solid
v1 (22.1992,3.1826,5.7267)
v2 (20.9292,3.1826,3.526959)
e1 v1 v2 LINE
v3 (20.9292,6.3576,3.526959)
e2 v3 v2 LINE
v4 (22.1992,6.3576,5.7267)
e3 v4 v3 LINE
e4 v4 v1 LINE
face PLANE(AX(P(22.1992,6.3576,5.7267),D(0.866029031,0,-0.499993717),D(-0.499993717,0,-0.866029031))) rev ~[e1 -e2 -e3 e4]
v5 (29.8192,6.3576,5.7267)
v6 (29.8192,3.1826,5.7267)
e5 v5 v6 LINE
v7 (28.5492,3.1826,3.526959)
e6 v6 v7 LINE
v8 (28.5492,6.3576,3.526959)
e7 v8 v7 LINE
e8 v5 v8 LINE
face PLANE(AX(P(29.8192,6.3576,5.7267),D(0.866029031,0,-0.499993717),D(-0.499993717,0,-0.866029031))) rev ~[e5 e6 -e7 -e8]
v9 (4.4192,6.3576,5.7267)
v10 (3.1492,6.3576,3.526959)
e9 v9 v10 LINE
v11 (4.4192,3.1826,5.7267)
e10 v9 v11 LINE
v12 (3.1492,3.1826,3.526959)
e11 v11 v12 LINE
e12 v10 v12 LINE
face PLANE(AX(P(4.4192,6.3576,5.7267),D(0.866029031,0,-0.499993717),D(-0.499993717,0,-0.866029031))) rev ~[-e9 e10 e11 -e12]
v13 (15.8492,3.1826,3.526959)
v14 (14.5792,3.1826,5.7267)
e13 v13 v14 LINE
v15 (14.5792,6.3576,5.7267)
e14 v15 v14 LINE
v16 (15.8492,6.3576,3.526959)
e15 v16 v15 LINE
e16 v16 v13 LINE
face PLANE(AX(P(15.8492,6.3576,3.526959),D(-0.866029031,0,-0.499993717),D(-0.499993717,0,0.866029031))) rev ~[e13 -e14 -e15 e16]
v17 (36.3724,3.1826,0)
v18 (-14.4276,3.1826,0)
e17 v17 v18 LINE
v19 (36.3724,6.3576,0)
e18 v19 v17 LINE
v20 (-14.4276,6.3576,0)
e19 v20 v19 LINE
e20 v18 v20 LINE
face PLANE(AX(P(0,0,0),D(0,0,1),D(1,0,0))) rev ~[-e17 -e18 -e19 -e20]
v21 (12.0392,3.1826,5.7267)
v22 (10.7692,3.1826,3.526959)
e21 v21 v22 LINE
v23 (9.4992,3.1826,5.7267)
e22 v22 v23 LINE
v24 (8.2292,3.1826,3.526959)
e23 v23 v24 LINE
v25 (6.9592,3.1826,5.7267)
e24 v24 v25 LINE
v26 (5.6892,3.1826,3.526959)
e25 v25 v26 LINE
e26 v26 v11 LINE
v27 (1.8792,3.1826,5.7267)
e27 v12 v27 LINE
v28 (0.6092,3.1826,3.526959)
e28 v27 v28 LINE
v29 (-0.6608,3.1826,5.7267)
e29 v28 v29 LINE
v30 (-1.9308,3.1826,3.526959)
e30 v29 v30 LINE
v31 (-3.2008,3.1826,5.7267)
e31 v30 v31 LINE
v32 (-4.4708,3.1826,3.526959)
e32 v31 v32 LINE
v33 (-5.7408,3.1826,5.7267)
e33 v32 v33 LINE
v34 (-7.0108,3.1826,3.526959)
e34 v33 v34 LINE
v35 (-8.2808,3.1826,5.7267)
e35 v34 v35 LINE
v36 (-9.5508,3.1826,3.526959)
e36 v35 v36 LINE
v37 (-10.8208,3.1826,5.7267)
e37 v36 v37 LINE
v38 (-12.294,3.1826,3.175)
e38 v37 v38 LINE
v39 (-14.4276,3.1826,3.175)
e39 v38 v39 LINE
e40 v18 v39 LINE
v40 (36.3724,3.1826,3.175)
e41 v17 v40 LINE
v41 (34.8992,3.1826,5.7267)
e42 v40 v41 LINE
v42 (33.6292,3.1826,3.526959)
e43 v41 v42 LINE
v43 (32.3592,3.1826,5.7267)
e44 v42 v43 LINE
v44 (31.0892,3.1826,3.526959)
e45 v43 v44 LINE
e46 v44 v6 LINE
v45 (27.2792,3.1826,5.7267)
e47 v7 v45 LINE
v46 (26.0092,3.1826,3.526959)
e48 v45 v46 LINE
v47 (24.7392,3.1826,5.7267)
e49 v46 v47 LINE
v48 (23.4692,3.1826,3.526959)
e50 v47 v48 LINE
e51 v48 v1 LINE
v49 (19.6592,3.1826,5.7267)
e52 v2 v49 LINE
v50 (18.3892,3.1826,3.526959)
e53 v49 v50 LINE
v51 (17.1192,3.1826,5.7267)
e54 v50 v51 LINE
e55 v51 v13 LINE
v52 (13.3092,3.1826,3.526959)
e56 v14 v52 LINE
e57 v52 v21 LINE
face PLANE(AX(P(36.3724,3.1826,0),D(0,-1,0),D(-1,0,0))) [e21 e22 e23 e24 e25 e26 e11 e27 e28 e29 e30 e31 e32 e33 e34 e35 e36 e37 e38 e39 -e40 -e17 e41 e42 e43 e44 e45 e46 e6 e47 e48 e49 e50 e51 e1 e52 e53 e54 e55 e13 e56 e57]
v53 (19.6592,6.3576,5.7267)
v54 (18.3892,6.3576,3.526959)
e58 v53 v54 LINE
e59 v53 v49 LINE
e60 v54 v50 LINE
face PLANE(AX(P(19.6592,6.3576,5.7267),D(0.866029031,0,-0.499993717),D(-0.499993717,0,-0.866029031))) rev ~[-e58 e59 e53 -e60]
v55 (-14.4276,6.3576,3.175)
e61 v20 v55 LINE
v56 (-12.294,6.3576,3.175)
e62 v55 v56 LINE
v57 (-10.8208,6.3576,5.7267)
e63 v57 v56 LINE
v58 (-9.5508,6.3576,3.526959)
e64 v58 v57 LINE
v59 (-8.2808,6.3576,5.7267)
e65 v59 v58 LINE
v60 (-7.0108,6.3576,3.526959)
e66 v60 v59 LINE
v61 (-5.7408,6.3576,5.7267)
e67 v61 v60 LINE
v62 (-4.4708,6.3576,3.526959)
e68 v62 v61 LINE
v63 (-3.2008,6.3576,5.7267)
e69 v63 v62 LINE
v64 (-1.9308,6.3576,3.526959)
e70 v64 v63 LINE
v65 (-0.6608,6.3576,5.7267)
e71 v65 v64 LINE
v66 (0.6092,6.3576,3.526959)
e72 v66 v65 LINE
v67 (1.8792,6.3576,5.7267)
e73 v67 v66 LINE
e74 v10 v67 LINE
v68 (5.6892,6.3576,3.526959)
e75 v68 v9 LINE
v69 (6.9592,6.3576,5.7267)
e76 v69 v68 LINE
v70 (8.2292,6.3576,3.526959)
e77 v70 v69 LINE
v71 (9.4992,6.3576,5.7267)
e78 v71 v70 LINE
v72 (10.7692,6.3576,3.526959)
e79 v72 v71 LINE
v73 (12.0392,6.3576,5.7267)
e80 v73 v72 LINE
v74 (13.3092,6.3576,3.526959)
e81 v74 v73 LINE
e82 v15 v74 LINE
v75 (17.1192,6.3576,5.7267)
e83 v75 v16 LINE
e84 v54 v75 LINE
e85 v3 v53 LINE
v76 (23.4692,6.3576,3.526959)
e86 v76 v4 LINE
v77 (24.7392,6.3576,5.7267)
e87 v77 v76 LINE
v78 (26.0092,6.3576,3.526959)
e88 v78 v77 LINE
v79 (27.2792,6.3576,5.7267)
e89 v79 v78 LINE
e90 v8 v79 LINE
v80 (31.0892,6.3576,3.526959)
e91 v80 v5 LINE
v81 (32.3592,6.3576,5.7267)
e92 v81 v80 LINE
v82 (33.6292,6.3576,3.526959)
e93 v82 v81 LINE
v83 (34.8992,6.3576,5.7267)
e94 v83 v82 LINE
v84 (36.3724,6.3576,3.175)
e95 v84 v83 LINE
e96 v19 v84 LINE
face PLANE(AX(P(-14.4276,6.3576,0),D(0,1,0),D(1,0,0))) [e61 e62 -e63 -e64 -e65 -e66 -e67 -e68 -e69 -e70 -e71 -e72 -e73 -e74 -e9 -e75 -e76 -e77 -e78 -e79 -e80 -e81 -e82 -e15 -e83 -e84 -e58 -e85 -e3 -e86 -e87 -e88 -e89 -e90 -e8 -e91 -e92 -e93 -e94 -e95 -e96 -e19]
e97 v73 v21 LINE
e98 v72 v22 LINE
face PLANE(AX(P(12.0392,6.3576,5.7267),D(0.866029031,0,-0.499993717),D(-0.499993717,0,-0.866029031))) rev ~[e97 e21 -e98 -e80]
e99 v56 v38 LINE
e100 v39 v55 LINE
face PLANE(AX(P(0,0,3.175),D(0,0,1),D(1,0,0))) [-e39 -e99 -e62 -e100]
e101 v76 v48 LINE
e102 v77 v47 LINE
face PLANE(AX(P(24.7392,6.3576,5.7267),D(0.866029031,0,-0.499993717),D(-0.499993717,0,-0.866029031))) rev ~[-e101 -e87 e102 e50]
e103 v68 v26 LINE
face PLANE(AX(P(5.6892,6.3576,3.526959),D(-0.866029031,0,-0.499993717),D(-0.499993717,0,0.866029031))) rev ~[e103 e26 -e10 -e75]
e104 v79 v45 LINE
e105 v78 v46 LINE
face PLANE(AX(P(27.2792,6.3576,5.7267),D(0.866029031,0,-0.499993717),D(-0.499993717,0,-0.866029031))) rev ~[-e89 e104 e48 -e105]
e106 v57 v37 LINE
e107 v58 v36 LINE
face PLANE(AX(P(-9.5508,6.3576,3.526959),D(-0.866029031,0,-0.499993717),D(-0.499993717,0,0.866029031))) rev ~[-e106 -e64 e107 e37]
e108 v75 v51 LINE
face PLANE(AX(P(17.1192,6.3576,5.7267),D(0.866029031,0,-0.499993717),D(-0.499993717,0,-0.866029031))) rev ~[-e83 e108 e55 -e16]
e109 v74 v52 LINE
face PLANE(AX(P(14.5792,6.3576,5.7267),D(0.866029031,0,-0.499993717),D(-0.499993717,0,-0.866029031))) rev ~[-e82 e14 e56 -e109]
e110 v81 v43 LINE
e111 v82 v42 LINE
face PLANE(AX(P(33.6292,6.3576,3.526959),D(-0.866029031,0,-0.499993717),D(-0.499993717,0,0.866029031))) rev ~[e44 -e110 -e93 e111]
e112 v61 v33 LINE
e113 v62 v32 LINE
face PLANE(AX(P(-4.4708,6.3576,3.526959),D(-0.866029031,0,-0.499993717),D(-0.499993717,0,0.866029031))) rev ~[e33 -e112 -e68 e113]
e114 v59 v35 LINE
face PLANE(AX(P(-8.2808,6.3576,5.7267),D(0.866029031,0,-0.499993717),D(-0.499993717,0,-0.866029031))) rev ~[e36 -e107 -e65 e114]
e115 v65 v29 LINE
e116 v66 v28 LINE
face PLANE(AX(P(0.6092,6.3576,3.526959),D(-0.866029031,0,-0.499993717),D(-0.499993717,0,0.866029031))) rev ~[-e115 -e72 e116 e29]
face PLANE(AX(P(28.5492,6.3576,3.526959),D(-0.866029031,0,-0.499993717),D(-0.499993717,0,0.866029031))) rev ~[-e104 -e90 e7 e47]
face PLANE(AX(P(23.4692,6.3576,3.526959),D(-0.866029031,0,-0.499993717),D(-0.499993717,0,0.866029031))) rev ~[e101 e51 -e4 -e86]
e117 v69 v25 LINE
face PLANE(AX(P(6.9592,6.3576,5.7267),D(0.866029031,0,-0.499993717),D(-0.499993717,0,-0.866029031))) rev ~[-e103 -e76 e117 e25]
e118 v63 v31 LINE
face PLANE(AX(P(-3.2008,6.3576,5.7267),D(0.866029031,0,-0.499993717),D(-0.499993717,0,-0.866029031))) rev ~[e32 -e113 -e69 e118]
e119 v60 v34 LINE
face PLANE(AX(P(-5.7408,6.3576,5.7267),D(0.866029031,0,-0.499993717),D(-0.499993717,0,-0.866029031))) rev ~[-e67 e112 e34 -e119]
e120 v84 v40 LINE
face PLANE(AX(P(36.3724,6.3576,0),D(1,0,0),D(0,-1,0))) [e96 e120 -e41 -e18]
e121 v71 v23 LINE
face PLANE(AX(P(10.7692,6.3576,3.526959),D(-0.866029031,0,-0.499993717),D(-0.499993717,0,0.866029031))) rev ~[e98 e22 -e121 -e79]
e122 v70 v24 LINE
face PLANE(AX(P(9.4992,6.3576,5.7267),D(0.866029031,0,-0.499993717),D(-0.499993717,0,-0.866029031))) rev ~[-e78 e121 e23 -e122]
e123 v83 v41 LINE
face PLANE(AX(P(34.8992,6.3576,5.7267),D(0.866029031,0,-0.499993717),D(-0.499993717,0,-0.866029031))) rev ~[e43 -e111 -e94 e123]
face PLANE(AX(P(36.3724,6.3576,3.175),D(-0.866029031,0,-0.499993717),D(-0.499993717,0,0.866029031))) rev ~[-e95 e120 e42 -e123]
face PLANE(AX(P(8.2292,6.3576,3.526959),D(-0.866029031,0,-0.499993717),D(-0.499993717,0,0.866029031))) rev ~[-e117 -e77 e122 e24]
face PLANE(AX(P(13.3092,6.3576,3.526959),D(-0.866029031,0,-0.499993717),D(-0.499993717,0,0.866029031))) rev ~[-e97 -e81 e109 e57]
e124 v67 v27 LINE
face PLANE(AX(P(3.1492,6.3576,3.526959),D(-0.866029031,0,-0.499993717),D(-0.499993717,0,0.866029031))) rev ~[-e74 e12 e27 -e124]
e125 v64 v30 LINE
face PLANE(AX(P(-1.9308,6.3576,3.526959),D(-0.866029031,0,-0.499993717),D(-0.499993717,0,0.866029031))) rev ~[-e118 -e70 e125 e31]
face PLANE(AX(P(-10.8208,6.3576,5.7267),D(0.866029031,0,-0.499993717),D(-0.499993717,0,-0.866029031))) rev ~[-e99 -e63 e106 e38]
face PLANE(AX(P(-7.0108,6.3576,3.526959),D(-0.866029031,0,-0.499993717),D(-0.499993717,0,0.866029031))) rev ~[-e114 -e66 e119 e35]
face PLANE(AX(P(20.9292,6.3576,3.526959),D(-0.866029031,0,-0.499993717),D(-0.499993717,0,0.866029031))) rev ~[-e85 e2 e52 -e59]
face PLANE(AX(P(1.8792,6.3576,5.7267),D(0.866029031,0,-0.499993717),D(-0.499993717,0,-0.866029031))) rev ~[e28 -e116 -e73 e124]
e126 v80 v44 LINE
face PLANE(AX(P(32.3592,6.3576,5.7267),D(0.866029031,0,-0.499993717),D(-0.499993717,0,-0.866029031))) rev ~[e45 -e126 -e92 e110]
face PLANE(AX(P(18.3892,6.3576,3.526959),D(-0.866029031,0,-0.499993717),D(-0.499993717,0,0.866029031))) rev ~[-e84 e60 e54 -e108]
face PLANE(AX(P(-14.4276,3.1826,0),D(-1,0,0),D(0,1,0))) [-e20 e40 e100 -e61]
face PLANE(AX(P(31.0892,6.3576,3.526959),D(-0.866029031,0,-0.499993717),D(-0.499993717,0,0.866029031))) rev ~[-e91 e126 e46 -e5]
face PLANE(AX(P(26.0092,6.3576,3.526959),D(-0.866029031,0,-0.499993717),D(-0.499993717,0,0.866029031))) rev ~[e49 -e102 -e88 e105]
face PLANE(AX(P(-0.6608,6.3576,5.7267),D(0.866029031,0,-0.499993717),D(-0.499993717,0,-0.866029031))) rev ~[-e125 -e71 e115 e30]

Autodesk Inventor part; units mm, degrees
ref_plane "YZ Plane" through (0, 0, 0) normal (1, 0, 0) x (0, 1, 0)
ref_plane "XZ Plane" through (0, 0, 0) normal (0, 1, 0) x (-1, 0, 0)
ref_plane "XY Plane" through (0, 0, 0) normal (0, 0, 1) x (1, 0, 0)
sketch "Sketch1" plane through (0, 0, 0) normal (0, 0, 1) x (1, 0, 0)
  line L0 (-14.4276, 6.3576) -> (36.3724, 6.3576)
  line L1 (36.3724, 6.3576) -> (36.3724, 3.1826)
  line L2 (36.3724, 3.1826) -> (-14.4276, 3.1826)
  line L3 (-14.4276, 3.1826) -> (-14.4276, 6.3576)
  point P0 (0, 0)
  dimension "d0" = 50.8
  dimension "d1" = 3.175
extrude "Extrusion1" add sketch "Sketch1" along normal blind 3.175
sketch "Sketch2" plane through (-14.4276, 6.3576, 0) normal (0, 1, 0) x (1, 0, 0)
  line L0 (50.8, -3.175) -> (0, -3.175) projected
  line L1 (50.8, -3.175) -> (49.3268, -5.7267)
  line L2 (49.3268, -5.7267) -> (47.8536, -3.175)
  line L3 (47.8536, -3.175) -> (50.8, -3.175)
  line L4 (48.26, -3.175) -> (46.7868, -5.7267)
  line L5 (46.7868, -5.7267) -> (45.3136, -3.175)
  line L6 (45.3136, -3.175) -> (48.26, -3.175)
  line L7 (45.72, -3.175) -> (44.2468, -5.7267)
  line L8 (44.2468, -5.7267) -> (42.7736, -3.175)
  line L9 (42.7736, -3.175) -> (45.72, -3.175)
  line L10 (43.18, -3.175) -> (41.7068, -5.7267)
  line L11 (41.7068, -5.7267) -> (40.2336, -3.175)
  line L12 (40.2336, -3.175) -> (43.18, -3.175)
  line L13 (40.64, -3.175) -> (39.1668, -5.7267)
  line L14 (39.1668, -5.7267) -> (37.6936, -3.175)
  line L15 (37.6936, -3.175) -> (40.64, -3.175)
  line L16 (38.1, -3.175) -> (36.6268, -5.7267)
  line L17 (36.6268, -5.7267) -> (35.1536, -3.175)
  line L18 (35.1536, -3.175) -> (38.1, -3.175)
  line L19 (35.56, -3.175) -> (34.0868, -5.7267)
  line L20 (34.0868, -5.7267) -> (32.6136, -3.175)
  line L21 (32.6136, -3.175) -> (35.56, -3.175)
  line L22 (33.02, -3.175) -> (31.5468, -5.7267)
  line L23 (31.5468, -5.7267) -> (30.0736, -3.175)
  line L24 (30.0736, -3.175) -> (33.02, -3.175)
  line L25 (30.48, -3.175) -> (29.0068, -5.7267)
  line L26 (29.0068, -5.7267) -> (27.5336, -3.175)
  line L27 (27.5336, -3.175) -> (30.48, -3.175)
  line L28 (27.94, -3.175) -> (26.4668, -5.7267)
  line L29 (26.4668, -5.7267) -> (24.9936, -3.175)
  line L30 (24.9936, -3.175) -> (27.94, -3.175)
  line L31 (25.4, -3.175) -> (23.9268, -5.7267)
  line L32 (23.9268, -5.7267) -> (22.4536, -3.175)
  line L33 (22.4536, -3.175) -> (25.4, -3.175)
  line L34 (22.86, -3.175) -> (21.3868, -5.7267)
  line L35 (21.3868, -5.7267) -> (19.9136, -3.175)
  line L36 (19.9136, -3.175) -> (22.86, -3.175)
  line L37 (20.32, -3.175) -> (18.8468, -5.7267)
  line L38 (18.8468, -5.7267) -> (17.3736, -3.175)
  line L39 (17.3736, -3.175) -> (20.32, -3.175)
  line L40 (17.78, -3.175) -> (16.3068, -5.7267)
  line L41 (16.3068, -5.7267) -> (14.8336, -3.175)
  line L42 (14.8336, -3.175) -> (17.78, -3.175)
  line L43 (15.24, -3.175) -> (13.7668, -5.7267)
  line L44 (13.7668, -5.7267) -> (12.2936, -3.175)
  line L45 (12.2936, -3.175) -> (15.24, -3.175)
  line L46 (12.7, -3.175) -> (11.2268, -5.7267)
  line L47 (11.2268, -5.7267) -> (9.7536, -3.175)
  line L48 (9.7536, -3.175) -> (12.7, -3.175)
  line L49 (10.16, -3.175) -> (8.6868, -5.7267)
  line L50 (8.6868, -5.7267) -> (7.2136, -3.175)
  line L51 (7.2136, -3.175) -> (10.16, -3.175)
  line L52 (7.62, -3.175) -> (6.1468, -5.7267)
  line L53 (6.1468, -5.7267) -> (4.6736, -3.175)
  line L54 (4.6736, -3.175) -> (7.62, -3.175)
  line L55 (5.08, -3.175) -> (3.6068, -5.7267)
  line L56 (3.6068, -5.7267) -> (2.1336, -3.175)
  line L57 (2.1336, -3.175) -> (5.08, -3.175)
  point P0 (14.4276, 0)
  point P1 (49.3268, -4.0256)
  dimension "d4" = 2.9464
  dimension "d7" = 2.54
extrude "Extrusion2" add sketch "Sketch2" against normal blind 3.175
properties part number "Backdrop Lateral Gear"
